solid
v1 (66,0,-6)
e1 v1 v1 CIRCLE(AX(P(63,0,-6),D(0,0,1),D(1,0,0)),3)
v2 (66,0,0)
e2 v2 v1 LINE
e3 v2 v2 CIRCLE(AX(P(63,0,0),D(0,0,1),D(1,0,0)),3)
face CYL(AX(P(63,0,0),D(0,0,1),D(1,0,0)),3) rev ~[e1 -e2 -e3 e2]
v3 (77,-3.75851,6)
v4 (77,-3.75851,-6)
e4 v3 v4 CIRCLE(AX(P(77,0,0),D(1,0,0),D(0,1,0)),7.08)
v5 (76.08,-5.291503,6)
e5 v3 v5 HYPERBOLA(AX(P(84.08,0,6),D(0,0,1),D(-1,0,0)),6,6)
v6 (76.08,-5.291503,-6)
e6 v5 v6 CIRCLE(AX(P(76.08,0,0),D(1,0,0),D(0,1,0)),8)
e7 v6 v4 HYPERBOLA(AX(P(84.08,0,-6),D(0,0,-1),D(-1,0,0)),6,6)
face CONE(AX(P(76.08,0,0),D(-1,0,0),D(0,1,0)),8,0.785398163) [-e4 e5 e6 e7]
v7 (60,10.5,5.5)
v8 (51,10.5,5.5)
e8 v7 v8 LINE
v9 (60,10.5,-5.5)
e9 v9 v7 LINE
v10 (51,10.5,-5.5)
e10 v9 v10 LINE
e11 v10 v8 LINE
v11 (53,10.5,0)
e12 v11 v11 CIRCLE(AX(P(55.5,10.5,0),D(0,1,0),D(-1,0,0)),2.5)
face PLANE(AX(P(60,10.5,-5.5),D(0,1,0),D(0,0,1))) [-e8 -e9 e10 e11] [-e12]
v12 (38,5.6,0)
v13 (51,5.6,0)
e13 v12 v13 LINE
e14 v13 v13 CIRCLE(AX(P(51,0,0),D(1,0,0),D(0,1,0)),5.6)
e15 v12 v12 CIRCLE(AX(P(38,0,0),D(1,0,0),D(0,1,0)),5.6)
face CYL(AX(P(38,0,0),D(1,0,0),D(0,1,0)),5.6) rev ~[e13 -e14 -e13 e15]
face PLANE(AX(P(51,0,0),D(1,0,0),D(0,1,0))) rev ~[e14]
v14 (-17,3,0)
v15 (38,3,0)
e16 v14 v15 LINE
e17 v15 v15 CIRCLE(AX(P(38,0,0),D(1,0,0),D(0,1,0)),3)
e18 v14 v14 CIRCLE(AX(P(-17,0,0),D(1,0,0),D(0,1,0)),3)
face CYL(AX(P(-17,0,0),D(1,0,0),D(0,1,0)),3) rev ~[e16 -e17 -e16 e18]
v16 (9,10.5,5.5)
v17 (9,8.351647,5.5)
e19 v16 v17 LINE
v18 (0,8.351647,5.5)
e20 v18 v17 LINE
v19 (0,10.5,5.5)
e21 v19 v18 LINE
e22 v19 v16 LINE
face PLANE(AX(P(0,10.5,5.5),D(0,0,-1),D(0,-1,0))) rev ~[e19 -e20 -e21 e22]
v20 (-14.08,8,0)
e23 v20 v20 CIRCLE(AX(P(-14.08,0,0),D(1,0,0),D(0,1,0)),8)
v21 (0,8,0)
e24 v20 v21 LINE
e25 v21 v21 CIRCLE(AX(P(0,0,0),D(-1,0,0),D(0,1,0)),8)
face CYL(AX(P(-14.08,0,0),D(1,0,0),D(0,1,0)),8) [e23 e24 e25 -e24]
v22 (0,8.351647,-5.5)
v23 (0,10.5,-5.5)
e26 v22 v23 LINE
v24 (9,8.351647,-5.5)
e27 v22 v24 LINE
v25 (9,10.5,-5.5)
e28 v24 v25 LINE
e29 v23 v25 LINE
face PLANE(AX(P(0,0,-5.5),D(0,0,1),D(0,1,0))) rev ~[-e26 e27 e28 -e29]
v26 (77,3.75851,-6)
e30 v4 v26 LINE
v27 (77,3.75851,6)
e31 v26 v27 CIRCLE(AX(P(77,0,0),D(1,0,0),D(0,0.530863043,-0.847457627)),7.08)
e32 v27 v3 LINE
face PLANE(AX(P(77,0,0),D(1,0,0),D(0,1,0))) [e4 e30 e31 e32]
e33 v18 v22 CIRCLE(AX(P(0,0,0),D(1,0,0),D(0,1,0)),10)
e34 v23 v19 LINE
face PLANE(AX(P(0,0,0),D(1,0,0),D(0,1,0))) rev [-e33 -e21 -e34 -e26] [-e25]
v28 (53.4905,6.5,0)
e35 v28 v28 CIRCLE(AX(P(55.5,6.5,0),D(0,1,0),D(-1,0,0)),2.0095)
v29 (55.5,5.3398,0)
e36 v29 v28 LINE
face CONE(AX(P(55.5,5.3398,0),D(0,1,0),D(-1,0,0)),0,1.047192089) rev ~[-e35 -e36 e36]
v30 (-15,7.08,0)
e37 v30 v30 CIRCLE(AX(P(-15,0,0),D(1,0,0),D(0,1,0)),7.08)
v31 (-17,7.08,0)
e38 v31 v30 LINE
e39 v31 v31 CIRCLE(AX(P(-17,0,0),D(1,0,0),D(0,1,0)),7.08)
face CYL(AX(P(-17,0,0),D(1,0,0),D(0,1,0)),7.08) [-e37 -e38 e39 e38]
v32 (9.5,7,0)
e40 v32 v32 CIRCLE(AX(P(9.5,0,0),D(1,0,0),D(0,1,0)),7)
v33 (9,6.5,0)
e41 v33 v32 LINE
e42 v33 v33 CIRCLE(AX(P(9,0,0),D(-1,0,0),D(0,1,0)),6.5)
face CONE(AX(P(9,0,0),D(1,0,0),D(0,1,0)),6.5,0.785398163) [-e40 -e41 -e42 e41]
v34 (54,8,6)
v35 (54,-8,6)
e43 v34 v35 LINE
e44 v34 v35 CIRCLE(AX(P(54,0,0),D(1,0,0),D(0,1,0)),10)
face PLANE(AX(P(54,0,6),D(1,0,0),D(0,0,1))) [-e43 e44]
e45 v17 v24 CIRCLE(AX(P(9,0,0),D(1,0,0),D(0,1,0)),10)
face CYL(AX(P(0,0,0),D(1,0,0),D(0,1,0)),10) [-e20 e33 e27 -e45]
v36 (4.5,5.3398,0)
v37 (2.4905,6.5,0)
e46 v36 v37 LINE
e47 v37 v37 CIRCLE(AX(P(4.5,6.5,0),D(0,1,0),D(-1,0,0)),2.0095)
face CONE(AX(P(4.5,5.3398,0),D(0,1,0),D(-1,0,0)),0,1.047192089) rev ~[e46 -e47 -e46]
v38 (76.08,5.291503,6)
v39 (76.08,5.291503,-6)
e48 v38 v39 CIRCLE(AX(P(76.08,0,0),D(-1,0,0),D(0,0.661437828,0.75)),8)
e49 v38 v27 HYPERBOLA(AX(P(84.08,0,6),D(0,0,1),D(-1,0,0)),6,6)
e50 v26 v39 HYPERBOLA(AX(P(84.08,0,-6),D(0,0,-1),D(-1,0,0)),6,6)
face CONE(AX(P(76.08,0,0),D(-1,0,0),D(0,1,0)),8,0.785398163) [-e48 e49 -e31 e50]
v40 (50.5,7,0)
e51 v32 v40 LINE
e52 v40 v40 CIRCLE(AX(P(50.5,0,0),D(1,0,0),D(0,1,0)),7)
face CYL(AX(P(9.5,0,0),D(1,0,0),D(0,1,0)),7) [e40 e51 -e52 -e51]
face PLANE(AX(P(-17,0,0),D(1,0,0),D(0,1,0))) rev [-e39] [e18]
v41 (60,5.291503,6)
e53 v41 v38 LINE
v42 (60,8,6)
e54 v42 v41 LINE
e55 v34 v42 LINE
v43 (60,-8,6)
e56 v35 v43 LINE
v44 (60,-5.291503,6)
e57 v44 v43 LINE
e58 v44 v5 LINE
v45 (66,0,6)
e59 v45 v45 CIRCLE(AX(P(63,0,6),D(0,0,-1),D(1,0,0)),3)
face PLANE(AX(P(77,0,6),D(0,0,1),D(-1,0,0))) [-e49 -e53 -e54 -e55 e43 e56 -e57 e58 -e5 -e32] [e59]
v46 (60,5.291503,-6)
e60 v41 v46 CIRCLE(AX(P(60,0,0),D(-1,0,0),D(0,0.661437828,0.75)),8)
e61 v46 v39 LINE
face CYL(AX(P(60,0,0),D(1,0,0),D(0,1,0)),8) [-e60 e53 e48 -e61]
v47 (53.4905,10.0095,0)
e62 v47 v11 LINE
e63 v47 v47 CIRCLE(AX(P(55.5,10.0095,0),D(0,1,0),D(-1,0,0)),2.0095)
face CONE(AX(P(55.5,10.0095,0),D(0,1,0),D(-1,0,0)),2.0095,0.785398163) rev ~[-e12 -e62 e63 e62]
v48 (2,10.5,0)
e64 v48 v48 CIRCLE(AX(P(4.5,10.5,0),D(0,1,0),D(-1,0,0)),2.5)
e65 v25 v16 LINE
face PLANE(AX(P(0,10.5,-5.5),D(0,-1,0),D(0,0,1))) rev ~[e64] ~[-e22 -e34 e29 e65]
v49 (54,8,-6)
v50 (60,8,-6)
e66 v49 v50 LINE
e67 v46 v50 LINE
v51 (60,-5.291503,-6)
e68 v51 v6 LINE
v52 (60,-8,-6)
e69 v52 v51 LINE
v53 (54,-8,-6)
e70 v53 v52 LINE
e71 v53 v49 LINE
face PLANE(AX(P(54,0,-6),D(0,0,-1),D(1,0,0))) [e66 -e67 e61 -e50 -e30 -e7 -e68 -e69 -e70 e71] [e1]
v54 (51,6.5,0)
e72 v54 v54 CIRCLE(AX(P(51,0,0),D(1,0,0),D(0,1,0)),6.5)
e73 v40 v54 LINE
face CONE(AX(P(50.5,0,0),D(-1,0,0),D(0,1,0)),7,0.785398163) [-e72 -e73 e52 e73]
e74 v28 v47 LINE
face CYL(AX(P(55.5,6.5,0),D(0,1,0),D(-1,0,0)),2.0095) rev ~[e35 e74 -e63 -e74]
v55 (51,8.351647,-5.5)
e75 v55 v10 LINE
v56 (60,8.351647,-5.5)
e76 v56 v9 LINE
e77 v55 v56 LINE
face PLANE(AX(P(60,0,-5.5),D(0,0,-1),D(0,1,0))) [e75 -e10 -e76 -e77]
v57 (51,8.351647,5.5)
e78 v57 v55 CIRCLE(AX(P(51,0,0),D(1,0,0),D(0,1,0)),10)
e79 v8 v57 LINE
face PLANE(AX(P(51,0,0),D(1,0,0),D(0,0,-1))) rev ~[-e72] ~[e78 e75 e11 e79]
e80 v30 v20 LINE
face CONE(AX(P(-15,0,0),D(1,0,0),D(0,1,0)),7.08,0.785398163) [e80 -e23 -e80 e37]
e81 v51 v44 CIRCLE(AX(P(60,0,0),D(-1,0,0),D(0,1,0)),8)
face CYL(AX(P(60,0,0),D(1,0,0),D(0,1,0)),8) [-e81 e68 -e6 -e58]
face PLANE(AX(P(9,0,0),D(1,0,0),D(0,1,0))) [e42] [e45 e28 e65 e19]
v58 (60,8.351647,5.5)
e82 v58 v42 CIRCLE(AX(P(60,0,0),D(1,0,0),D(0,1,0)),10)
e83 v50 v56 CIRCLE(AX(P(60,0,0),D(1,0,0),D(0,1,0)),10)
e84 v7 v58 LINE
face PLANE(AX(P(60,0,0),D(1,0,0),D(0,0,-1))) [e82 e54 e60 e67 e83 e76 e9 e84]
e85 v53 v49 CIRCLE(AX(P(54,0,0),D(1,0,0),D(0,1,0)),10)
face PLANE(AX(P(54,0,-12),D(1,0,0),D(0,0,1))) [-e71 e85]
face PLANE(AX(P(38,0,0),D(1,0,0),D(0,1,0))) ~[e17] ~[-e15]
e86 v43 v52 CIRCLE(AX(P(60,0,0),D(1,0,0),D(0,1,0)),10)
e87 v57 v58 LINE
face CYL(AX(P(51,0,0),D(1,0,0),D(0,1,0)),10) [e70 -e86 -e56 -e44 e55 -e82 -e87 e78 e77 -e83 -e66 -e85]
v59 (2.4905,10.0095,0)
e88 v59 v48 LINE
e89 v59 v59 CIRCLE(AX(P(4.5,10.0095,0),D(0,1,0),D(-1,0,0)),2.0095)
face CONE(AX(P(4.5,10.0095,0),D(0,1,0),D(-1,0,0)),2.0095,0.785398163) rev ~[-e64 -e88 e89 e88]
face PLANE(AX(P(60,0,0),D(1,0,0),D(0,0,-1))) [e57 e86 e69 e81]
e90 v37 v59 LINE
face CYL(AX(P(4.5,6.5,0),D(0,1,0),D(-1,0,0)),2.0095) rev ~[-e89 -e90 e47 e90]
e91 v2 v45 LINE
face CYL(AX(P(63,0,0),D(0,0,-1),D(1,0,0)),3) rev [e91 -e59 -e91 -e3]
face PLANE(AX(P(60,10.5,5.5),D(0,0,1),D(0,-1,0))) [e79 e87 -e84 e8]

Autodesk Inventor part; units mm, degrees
sketch "Skizze_1" plane through (0, 0, 0) normal (0, 0, 1) x (1, 0, 0)
  line L0 (77, 0) -> (-17, 0)
  line L1 (-17, 0) -> (-17, 7.08)
  line L2 (-17, 7.08) -> (-15, 7.08)
  line L3 (-15, 7.08) -> (-14.08, 8)
  line L4 (-14.08, 8) -> (0, 8)
  line L5 (0, 8) -> (0, 10)
  line L6 (0, 10) -> (9, 10)
  line L7 (9, 10) -> (9, 6.5)
  line L8 (9, 6.5) -> (9.5, 7)
  line L9 (9.5, 7) -> (50.5, 7)
  line L10 (50.5, 7) -> (51, 6.5)
  line L11 (51, 6.5) -> (51, 10)
  line L12 (51, 10) -> (60, 10)
  line L13 (60, 10) -> (60, 8)
  line L14 (60, 8) -> (76.08, 8)
  line L15 (76.08, 8) -> (77, 7.08)
  line L16 (77, 7.08) -> (77, 0)
  line L17 (77, 0) -> (-17, 0)
revolve "Revolution1" add sketch "Skizze_1" angle 360 about axis through (77, 0, 0) along (1, 0, 0)
thread "Thread1" size "M16x1.5" class "6g" standard "ISO Metric profile" length 12.08
thread "Thread2" size "M16x1.5" class "6g" standard "ISO Metric profile" length 14.4865
sketch "Skizze_3" plane through (0, 0, 0) normal (1, 0, 0) x (0, 1, 0)
  line L0 (10.5, 5.5) -> (0, 5.5)
  line L1 (0, 5.5) -> (0, -5.5)
  line L2 (0, -5.5) -> (10.5, -5.5)
  line L3 (10.5, -5.5) -> (10.5, 5.5)
extrude "Extrusion1" add sketch "Skizze_3" along normal blind 9
sketch "Skizze_4" plane through (60, 0, 0) normal (1, 0, 0) x (0, 0, -1)
  line L0 (-5.5, 10.5) -> (-5.5, 0)
  line L1 (-5.5, 0) -> (5.5, 0)
  line L2 (5.5, 0) -> (5.5, 10.5)
  line L3 (5.5, 10.5) -> (-5.5, 10.5)
extrude "Extrusion2" add sketch "Skizze_4" against normal blind 9
sketch "Skizze_16_ALT_Drilling_1" plane through (0, 0, 0) normal (0, 0, 1) x (1, 0, 0)
  line L0 (51, 0) -> (-17, 0)
  line L1 (-17, 0) -> (-17, 3)
  line L2 (-17, 3) -> (38, 3)
  line L3 (38, 3) -> (38, 5.6)
  line L4 (38, 5.6) -> (51, 5.6)
  line L5 (51, 5.6) -> (51, 0)
  line L6 (51, 0) -> (-17, 0)
revolve "Revolution2" cut sketch "Skizze_16_ALT_Drilling_1" angle 360 about axis through (51, 0, 0) along (1, 0, 0)
sketch "Skizze_7" plane through (0, 0, 0) normal (0, 1, 0) x (-1, 0, 0)
  line L0 (-54, -12) -> (-54, -6)
  line L1 (-54, -6) -> (-77, -6)
  line L2 (-77, -6) -> (-77, 6)
  line L3 (-77, 6) -> (-54, 6)
  line L4 (-54, 6) -> (-54, 12)
  line L5 (-54, 12) -> (-86, 12)
  line L6 (-86, 12) -> (-86, -12)
  line L7 (-86, -12) -> (-54, -12)
extrude "Extrusion3" cut sketch "Skizze_7" along normal mid plane 24
sketch "Skizze_8" plane through (0, 0, 0) normal (0, 0, 1) x (1, 0, 0)
  circle A0 centre (63, 0) radius 3
extrude "Extrusion4" cut sketch "Skizze_8" along normal mid plane 24
sketch "Skizze_9_ALT_Drilling_2" plane through (0, 0, 0) normal (0, 0, 1) x (1, 0, 0)
  line L0 (4.5, 10.5) -> (4.5, 5.3398)
  line L1 (4.5, 5.3398) -> (2.4905, 6.5)
  line L2 (2.4905, 6.5) -> (2.4905, 10.0095)
  line L3 (2.4905, 10.0095) -> (2, 10.5)
  line L4 (2, 10.5) -> (4.5, 10.5)
  line L5 (4.5, 10.5) -> (4.5, 5.3398)
revolve "Revolution3" cut sketch "Skizze_9_ALT_Drilling_2" angle 360 about axis through (4.5, 10.5, 0) along (0, 1, 0)
sketch "Skizze_10_ALT_Drilling_3" plane through (0, 0, 0) normal (0, 0, 1) x (1, 0, 0)
  line L0 (55.5, 10.5) -> (55.5, 5.3398)
  line L1 (55.5, 5.3398) -> (53.4905, 6.5)
  line L2 (53.4905, 6.5) -> (53.4905, 10.0095)
  line L3 (53.4905, 10.0095) -> (53, 10.5)
  line L4 (53, 10.5) -> (55.5, 10.5)
  line L5 (55.5, 10.5) -> (55.5, 5.3398)
revolve "Revolution4" cut sketch "Skizze_10_ALT_Drilling_3" angle 360 about axis through (55.5, 10.5, 0) along (0, 1, 0)
ref_plane "C1_XY" through (0, 0, 0) normal (1, 0, 0) x (0, 0, -1)
ref_plane "C1_YZ" through (0, 0, 0) normal (0, 0, -1) x (0, 1, 0)
ref_plane "C1_ZX" through (0, 0, 0) normal (0, 1, 0) x (1, 0, 0)
ref_plane "CD1_XY" through (0, 0, 0) normal (1, 0, 0) x (0, 0, -1)
ref_plane "CD1_YZ" through (0, 0, 0) normal (0, 0, -1) x (0, 1, 0)
ref_plane "CD1_ZX" through (0, 0, 0) normal (0, 1, 0) x (1, 0, 0)
ref_plane "CD2_XY" through (60, 0, 0) normal (1, 0, 0) x (0, 0, -1)
ref_plane "CD2_YZ" through (60, 0, 0) normal (0, 0, -1) x (0, 1, 0)
ref_plane "CD2_ZX" through (60, 0, 0) normal (0, 1, 0) x (1, 0, 0)
ref_plane "RL_XY" through (-17, 0, 0) normal (1, 0, 0) x (0, 0, -1)
ref_plane "RL_YZ" through (-17, 0, 0) normal (0, 0, -1) x (0, 1, 0)
ref_plane "RL_ZX" through (-17, 0, 0) normal (0, 1, 0) x (1, 0, 0)
properties part number "16N2A12A010-(N0-cilindro)"
